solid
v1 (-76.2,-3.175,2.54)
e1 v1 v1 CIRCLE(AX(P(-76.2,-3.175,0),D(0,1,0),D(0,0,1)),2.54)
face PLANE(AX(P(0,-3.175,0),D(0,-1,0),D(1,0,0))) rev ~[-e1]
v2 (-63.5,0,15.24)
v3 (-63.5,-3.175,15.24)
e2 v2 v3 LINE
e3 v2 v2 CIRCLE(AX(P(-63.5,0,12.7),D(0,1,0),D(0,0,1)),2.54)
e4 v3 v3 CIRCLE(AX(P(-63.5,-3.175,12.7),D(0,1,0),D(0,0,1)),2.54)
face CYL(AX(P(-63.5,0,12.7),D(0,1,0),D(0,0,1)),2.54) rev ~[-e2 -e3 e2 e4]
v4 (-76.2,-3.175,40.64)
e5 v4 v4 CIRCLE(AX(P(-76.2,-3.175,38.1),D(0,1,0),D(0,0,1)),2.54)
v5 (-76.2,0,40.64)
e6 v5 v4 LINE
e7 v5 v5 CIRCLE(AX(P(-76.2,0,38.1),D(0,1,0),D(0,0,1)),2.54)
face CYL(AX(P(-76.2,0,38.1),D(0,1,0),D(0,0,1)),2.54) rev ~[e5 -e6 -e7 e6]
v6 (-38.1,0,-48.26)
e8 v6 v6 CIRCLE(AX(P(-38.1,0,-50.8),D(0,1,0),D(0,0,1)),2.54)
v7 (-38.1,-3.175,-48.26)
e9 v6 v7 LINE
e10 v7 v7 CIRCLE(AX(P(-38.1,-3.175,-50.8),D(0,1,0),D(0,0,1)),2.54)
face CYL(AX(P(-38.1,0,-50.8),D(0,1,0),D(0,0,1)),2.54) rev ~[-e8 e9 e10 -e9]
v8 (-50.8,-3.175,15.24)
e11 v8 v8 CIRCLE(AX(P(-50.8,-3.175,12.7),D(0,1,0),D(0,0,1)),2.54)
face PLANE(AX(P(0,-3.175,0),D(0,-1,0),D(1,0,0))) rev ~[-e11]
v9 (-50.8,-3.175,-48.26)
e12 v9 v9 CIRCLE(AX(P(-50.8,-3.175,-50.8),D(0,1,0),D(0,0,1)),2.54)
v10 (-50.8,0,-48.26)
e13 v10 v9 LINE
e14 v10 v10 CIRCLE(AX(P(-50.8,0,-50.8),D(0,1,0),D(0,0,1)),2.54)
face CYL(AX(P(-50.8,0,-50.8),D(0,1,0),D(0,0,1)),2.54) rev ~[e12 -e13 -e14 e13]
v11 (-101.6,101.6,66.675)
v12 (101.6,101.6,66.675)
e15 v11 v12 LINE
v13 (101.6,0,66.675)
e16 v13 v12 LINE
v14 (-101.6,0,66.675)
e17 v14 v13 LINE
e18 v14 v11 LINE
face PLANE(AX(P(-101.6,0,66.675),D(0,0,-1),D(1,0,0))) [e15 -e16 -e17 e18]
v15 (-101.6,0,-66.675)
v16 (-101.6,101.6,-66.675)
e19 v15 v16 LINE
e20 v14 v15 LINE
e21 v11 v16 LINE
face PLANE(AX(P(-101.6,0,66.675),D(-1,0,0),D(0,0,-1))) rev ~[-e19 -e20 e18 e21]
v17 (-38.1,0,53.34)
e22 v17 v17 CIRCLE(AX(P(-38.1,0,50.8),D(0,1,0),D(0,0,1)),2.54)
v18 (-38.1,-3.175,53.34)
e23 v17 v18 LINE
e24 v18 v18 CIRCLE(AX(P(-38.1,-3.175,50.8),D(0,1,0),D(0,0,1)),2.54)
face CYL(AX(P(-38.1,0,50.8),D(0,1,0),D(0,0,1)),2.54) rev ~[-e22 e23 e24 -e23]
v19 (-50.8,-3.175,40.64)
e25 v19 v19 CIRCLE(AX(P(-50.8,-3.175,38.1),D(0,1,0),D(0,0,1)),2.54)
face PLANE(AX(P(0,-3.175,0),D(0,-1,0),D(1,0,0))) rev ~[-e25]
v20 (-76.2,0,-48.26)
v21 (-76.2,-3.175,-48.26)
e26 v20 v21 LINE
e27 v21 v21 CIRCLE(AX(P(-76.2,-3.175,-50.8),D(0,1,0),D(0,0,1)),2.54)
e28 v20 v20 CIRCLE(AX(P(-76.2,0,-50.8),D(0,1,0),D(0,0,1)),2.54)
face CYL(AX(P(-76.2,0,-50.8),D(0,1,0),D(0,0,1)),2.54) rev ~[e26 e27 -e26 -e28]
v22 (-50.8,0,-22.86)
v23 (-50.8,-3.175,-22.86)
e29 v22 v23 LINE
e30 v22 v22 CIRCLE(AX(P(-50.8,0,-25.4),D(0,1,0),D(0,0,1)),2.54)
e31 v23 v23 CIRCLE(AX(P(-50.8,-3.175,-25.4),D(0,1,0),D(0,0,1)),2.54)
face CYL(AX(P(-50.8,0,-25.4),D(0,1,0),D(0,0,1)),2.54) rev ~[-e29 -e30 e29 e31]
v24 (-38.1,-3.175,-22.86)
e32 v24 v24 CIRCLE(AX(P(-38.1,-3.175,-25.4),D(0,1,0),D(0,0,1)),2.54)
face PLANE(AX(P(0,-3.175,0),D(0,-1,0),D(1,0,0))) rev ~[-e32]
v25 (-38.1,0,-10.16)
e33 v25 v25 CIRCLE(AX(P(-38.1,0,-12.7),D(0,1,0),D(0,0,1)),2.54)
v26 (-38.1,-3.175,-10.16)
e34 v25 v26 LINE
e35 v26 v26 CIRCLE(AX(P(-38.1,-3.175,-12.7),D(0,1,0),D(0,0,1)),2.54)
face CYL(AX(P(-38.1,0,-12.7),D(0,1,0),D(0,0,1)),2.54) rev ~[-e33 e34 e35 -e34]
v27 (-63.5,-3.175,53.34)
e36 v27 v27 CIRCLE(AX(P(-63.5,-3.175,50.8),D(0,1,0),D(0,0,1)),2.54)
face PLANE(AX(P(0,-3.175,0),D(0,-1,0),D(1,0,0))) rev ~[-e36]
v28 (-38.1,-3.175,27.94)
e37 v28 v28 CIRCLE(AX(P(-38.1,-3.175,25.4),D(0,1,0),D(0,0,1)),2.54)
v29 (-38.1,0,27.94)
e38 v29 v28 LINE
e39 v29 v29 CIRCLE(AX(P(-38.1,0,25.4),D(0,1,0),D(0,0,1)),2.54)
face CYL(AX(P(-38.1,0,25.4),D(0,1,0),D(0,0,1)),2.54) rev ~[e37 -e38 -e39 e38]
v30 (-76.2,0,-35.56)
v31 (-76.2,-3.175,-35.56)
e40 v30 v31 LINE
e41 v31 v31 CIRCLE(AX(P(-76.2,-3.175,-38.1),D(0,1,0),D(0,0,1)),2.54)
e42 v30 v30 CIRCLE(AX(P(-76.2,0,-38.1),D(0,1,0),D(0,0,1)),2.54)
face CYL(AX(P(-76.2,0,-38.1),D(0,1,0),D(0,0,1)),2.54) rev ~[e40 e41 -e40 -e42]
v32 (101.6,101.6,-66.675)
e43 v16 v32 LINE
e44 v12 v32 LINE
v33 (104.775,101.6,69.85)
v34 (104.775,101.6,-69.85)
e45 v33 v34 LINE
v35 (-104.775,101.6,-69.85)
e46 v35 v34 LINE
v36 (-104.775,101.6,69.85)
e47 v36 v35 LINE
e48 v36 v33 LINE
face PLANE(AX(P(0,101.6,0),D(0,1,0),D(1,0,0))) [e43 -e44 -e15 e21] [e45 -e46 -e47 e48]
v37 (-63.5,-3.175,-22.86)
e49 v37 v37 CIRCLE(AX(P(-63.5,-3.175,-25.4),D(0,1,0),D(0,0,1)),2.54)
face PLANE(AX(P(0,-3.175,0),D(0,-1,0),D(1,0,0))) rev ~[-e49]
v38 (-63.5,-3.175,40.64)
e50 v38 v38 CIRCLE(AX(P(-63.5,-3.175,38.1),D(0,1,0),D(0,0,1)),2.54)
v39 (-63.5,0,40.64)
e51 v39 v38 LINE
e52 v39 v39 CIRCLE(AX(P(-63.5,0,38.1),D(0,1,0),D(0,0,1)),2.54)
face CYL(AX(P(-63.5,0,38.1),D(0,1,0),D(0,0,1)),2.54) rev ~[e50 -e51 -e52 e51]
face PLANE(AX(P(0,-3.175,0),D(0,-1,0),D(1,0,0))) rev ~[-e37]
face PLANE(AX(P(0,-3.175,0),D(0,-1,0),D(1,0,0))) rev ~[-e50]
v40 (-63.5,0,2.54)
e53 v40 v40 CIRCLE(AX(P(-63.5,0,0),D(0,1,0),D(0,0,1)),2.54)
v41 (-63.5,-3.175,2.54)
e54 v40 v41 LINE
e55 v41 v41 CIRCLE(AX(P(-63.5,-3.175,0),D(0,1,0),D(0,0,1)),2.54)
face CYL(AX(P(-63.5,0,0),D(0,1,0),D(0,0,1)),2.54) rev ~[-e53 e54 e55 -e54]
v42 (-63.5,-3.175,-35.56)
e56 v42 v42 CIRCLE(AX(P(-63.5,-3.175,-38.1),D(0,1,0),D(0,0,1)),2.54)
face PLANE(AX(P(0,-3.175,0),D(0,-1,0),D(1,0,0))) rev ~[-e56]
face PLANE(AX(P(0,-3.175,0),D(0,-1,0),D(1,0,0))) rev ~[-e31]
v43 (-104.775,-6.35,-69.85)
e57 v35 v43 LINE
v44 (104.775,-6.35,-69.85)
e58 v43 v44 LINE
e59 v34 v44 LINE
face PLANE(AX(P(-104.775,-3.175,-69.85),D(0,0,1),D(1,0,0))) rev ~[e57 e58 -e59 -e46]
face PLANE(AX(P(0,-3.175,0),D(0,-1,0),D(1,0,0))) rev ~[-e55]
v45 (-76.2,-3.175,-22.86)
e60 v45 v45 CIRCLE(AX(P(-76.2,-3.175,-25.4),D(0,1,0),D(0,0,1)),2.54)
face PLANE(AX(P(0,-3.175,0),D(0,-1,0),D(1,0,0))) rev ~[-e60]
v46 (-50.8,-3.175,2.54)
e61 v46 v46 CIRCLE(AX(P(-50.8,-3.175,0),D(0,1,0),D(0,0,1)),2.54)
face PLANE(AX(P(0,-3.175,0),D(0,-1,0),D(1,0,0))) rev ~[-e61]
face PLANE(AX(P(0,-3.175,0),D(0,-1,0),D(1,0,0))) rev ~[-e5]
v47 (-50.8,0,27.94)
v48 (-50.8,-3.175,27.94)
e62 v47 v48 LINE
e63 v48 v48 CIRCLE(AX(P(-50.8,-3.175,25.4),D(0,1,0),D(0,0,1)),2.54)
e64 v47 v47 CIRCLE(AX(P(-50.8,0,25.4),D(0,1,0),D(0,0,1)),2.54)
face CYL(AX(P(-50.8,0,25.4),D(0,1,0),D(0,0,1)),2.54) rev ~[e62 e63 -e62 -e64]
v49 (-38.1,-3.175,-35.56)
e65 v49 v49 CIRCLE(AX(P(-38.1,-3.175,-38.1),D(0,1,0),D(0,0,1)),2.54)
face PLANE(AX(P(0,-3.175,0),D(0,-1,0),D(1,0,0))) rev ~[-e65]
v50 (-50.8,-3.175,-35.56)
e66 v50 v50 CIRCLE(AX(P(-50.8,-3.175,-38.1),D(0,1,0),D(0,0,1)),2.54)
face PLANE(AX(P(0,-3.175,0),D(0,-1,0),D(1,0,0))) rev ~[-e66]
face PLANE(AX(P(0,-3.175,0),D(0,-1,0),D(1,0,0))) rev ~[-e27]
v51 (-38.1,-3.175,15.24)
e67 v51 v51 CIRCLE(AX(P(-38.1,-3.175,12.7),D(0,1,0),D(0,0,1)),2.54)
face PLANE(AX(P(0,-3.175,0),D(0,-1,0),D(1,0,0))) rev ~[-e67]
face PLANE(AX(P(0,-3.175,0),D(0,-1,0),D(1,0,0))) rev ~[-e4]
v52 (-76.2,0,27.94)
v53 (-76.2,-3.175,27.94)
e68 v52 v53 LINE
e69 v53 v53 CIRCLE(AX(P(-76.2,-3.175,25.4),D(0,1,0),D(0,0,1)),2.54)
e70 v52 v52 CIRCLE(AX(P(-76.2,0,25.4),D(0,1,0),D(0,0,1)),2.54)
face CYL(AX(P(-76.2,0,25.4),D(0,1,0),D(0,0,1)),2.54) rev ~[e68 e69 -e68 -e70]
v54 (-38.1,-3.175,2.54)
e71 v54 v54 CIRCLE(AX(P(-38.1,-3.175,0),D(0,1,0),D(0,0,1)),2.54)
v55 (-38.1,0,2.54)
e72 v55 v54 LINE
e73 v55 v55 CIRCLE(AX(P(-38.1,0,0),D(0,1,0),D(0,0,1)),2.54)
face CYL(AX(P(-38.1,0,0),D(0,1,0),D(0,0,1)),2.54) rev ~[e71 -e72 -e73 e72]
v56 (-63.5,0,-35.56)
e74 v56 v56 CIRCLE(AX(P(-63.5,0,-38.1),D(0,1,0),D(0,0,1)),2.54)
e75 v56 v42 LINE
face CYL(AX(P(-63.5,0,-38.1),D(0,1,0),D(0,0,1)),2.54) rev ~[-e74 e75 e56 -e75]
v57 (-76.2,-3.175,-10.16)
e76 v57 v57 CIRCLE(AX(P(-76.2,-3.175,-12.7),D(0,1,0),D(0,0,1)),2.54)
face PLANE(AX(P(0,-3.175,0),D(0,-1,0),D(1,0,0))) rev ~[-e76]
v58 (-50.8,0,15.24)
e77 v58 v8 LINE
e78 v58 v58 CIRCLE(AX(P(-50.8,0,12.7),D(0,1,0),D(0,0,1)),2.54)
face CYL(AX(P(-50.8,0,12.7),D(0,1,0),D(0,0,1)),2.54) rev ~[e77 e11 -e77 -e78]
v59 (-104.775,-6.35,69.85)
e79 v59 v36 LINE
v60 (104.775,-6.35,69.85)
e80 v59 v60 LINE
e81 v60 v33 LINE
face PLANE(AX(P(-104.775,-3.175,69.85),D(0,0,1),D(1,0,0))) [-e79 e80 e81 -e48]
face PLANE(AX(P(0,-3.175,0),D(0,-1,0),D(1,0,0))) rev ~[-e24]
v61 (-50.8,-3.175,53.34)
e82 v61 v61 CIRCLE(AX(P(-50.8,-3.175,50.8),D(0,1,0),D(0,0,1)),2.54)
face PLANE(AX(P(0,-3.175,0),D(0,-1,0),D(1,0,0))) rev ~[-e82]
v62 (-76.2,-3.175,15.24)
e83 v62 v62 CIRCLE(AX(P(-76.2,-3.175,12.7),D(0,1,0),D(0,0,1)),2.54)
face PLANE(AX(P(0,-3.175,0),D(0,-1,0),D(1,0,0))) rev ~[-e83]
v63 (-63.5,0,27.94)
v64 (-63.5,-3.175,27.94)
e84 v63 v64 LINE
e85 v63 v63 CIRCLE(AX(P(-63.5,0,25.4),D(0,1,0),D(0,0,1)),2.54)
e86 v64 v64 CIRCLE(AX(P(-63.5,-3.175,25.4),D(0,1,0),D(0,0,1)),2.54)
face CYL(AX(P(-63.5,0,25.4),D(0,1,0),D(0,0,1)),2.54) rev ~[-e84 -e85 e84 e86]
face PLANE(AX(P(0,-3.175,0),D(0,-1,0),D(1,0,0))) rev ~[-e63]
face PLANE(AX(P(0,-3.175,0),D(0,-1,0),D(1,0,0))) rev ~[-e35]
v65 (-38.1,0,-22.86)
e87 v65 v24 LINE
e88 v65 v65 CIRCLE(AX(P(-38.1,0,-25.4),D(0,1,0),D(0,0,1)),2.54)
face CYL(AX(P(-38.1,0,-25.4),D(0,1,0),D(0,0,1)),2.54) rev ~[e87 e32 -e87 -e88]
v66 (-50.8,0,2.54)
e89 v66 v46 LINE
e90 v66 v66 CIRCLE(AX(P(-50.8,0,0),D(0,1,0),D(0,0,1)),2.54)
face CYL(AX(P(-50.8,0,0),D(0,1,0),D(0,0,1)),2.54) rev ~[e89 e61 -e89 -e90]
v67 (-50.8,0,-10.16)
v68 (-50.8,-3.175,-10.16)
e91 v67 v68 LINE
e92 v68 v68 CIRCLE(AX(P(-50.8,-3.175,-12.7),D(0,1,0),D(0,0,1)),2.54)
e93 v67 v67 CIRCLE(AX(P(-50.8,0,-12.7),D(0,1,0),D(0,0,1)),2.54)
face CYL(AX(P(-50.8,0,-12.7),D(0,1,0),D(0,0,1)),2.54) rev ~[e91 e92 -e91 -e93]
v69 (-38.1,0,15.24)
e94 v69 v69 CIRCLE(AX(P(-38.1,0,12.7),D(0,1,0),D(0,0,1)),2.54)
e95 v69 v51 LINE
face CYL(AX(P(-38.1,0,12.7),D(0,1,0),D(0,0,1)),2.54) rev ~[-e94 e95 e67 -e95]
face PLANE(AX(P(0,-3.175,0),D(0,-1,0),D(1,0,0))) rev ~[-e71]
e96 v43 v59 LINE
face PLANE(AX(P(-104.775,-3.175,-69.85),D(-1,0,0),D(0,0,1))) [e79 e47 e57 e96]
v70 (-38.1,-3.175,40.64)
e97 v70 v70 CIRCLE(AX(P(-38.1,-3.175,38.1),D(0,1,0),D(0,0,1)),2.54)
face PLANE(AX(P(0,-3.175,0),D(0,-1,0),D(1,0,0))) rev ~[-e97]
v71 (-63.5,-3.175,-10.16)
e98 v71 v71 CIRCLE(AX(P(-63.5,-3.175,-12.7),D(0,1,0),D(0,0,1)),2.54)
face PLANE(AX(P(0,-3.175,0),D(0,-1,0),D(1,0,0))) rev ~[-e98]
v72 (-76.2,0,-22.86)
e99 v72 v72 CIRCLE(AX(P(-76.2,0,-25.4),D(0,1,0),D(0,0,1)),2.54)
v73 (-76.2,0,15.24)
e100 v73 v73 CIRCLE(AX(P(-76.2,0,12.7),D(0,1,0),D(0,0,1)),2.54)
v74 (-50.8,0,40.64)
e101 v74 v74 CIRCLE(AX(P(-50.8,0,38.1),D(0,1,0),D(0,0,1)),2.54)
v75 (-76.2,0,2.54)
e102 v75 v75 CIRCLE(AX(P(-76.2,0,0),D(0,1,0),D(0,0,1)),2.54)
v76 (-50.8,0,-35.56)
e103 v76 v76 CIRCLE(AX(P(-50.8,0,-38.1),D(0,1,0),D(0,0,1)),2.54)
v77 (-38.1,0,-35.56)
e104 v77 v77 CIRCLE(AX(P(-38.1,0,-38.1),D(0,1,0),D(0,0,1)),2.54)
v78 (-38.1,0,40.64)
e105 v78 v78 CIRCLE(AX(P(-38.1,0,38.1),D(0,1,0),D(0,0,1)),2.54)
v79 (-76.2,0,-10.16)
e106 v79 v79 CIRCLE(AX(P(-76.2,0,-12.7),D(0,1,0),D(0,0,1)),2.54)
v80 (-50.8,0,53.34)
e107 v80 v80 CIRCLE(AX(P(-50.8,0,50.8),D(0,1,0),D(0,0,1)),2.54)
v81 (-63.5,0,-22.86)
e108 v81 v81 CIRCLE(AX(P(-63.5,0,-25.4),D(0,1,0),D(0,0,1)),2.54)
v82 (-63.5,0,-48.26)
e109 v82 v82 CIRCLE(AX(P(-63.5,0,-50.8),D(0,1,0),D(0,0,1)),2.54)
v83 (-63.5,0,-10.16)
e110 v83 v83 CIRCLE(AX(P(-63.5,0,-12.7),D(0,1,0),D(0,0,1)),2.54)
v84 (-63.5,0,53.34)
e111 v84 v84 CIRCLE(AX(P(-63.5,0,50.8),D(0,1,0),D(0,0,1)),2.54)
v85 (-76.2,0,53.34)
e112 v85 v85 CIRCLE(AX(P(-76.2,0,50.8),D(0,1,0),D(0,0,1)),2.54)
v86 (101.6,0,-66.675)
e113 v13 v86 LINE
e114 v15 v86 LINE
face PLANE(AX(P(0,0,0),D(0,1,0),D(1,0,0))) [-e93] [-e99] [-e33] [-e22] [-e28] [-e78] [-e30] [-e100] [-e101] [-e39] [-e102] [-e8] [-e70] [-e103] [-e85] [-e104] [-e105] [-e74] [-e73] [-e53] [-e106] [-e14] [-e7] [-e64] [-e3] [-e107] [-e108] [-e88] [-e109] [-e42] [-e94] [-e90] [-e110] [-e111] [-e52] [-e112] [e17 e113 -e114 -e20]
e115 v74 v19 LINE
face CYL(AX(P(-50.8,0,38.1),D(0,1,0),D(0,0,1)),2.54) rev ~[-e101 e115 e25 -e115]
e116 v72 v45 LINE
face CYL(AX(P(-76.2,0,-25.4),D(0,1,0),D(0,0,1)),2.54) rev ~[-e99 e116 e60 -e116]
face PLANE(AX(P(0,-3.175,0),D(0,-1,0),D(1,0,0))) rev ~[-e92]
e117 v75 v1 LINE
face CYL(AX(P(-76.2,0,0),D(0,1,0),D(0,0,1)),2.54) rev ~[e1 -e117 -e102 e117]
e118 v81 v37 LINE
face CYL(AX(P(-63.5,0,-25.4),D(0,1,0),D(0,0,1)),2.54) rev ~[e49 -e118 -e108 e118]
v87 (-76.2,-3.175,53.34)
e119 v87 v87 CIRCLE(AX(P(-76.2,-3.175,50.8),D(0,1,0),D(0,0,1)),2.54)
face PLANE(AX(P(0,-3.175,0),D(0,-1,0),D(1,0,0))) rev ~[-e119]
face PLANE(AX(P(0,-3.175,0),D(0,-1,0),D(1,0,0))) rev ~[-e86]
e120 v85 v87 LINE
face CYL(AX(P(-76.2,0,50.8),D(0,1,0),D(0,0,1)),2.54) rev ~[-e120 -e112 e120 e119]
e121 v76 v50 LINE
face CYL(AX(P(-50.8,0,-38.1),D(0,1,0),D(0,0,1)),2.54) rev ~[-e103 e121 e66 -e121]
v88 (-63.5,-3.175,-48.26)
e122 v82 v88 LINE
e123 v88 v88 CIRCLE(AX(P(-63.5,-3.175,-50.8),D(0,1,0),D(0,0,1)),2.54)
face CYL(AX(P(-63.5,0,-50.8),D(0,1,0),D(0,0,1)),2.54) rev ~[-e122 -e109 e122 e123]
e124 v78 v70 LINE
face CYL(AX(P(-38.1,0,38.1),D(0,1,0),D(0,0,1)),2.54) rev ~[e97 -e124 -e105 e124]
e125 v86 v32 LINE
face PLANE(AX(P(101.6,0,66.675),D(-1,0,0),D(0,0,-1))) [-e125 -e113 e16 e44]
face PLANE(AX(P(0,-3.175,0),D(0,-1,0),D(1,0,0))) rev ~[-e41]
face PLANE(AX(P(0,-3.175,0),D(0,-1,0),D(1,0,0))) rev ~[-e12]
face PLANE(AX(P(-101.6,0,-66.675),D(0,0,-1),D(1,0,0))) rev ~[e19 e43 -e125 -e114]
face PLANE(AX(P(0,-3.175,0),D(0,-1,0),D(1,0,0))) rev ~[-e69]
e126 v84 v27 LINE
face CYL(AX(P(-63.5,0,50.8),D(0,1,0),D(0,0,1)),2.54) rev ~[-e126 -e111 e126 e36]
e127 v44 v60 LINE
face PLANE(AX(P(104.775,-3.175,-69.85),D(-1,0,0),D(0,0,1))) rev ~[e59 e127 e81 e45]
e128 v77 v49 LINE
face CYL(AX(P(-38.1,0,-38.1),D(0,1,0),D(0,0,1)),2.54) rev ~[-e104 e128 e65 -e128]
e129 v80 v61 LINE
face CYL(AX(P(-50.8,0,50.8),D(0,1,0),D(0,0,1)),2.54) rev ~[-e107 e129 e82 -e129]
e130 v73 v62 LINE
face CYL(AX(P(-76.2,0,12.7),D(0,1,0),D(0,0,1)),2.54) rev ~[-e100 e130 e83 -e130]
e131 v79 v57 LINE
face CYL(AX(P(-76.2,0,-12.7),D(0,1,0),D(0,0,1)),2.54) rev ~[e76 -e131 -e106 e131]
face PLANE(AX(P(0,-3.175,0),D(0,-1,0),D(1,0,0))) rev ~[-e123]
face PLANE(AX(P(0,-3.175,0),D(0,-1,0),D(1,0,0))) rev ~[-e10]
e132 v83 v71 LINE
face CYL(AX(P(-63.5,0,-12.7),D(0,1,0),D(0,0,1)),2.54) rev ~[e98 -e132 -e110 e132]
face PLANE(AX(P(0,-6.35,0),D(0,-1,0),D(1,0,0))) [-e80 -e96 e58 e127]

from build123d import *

# Parameters (mm, degrees)
SKETCH1_W           = 209.55
SKETCH1_H           = 139.7
SKETCH1_W_2         = 203.2
SKETCH1_H_2         = 133.35
BOSS_EXTRUDE1_DEPTH = 101.6
SKETCH2_W           = 209.55
SKETCH2_H           = 139.7
BOSS_EXTRUDE2_DEPTH = 3.175
SKETCH3_R           = 2.54
CUT_EXTRUDE1_DEPTH  = 162.800442289
SKETCH4_W           = 209.55
SKETCH4_H           = 139.7
BOSS_EXTRUDE3_DEPTH = 3.175


with BuildPart() as part:
    # Sketch1 → Boss-Extrude1 (new body)
    with BuildSketch(Plane(origin=(0, 0, 0), x_dir=(1, 0, 0), z_dir=(0, 1, 0))):
        Rectangle(SKETCH1_W, SKETCH1_H)
        Rectangle(SKETCH1_W_2, SKETCH1_H_2, mode=Mode.SUBTRACT)
    extrude(amount=BOSS_EXTRUDE1_DEPTH)

    # Sketch2 → Boss-Extrude2 (add)
    with BuildSketch(Plane(origin=(0, 0, 0), x_dir=(1, 0, 0), z_dir=(0, 1, 0))):
        Rectangle(SKETCH2_W, SKETCH2_H)
    extrude(amount=-BOSS_EXTRUDE2_DEPTH)

    # Sketch3 → Cut-Extrude1 (cut, through all)
    with BuildSketch(Plane(origin=(0, 0, 0), x_dir=(1, 0, 0), z_dir=(0, 1, 0))):
        with Locations(Location((-76.2, 50.8, 0), (0, 0, 270))):
            Circle(SKETCH3_R)
        with Locations(Location((-63.5, 50.8, 0), (0, 0, 270))):
            Circle(SKETCH3_R)
        with Locations(Location((-50.8, 50.8, 0), (0, 0, 270))):
            Circle(SKETCH3_R)
        with Locations(Location((-38.1, 50.8, 0), (0, 0, 270))):
            Circle(SKETCH3_R)
        with Locations(Location((-63.5, 38.1, 0), (0, 0, 270))):
            Circle(SKETCH3_R)
        with Locations(Location((-50.8, 38.1, 0), (0, 0, 270))):
            Circle(SKETCH3_R)
        with Locations(Location((-38.1, 38.1, 0), (0, 0, 270))):
            Circle(SKETCH3_R)
        with Locations(Location((-63.5, 25.4, 0), (0, 0, 270))):
            Circle(SKETCH3_R)
        with Locations(Location((-50.8, 25.4, 0), (0, 0, 270))):
            Circle(SKETCH3_R)
        with Locations(Location((-38.1, 25.4, 0), (0, 0, 270))):
            Circle(SKETCH3_R)
        with Locations(Location((-63.5, 12.7, 0), (0, 0, 270))):
            Circle(SKETCH3_R)
        with Locations(Location((-50.8, 12.7, 0), (0, 0, 270))):
            Circle(SKETCH3_R)
        with Locations(Location((-38.1, 12.7, 0), (0, 0, 270))):
            Circle(SKETCH3_R)
        with Locations(Location((-63.5, 0, 0), (0, 0, 270))):
            Circle(SKETCH3_R)
        with Locations(Location((-50.8, 0, 0), (0, 0, 270))):
            Circle(SKETCH3_R)
        with Locations(Location((-38.1, 0, 0), (0, 0, 270))):
            Circle(SKETCH3_R)
        with Locations(Location((-63.5, -12.7, 0), (0, 0, 270))):
            Circle(SKETCH3_R)
        with Locations(Location((-50.8, -12.7, 0), (0, 0, 270))):
            Circle(SKETCH3_R)
        with Locations(Location((-38.1, -12.7, 0), (0, 0, 270))):
            Circle(SKETCH3_R)
        with Locations(Location((-63.5, -25.4, 0), (0, 0, 270))):
            Circle(SKETCH3_R)
        with Locations(Location((-50.8, -25.4, 0), (0, 0, 270))):
            Circle(SKETCH3_R)
        with Locations(Location((-38.1, -25.4, 0), (0, 0, 270))):
            Circle(SKETCH3_R)
        with Locations(Location((-63.5, -38.1, 0), (0, 0, 270))):
            Circle(SKETCH3_R)
        with Locations(Location((-50.8, -38.1, 0), (0, 0, 270))):
            Circle(SKETCH3_R)
        with Locations(Location((-38.1, -38.1, 0), (0, 0, 270))):
            Circle(SKETCH3_R)
        with Locations(Location((-63.5, -50.8, 0), (0, 0, 270))):
            Circle(SKETCH3_R)
        with Locations(Location((-50.8, -50.8, 0), (0, 0, 270))):
            Circle(SKETCH3_R)
        with Locations(Location((-38.1, -50.8, 0), (0, 0, 270))):
            Circle(SKETCH3_R)
        with Locations(Location((-76.2, 38.1, 0), (0, 0, 270))):
            Circle(SKETCH3_R)
        with Locations(Location((-76.2, 25.4, 0), (0, 0, 270))):
            Circle(SKETCH3_R)
        with Locations(Location((-76.2, 12.7, 0), (0, 0, 270))):
            Circle(SKETCH3_R)
        with Locations(Location((-76.2, 0, 0), (0, 0, 270))):
            Circle(SKETCH3_R)
        with Locations(Location((-76.2, -12.7, 0), (0, 0, 270))):
            Circle(SKETCH3_R)
        with Locations(Location((-76.2, -25.4, 0), (0, 0, 270))):
            Circle(SKETCH3_R)
        with Locations(Location((-76.2, -38.1, 0), (0, 0, 270))):
            Circle(SKETCH3_R)
        with Locations(Location((-76.2, -50.8, 0), (0, 0, 270))):
            Circle(SKETCH3_R)
    extrude(amount=-CUT_EXTRUDE1_DEPTH, mode=Mode.SUBTRACT)

    # Sketch4 → Boss-Extrude3 (add)
    with BuildSketch(Plane.XZ.offset(3.175)):
        Rectangle(SKETCH4_W, SKETCH4_H)
    extrude(amount=BOSS_EXTRUDE3_DEPTH)


solid = part.part
